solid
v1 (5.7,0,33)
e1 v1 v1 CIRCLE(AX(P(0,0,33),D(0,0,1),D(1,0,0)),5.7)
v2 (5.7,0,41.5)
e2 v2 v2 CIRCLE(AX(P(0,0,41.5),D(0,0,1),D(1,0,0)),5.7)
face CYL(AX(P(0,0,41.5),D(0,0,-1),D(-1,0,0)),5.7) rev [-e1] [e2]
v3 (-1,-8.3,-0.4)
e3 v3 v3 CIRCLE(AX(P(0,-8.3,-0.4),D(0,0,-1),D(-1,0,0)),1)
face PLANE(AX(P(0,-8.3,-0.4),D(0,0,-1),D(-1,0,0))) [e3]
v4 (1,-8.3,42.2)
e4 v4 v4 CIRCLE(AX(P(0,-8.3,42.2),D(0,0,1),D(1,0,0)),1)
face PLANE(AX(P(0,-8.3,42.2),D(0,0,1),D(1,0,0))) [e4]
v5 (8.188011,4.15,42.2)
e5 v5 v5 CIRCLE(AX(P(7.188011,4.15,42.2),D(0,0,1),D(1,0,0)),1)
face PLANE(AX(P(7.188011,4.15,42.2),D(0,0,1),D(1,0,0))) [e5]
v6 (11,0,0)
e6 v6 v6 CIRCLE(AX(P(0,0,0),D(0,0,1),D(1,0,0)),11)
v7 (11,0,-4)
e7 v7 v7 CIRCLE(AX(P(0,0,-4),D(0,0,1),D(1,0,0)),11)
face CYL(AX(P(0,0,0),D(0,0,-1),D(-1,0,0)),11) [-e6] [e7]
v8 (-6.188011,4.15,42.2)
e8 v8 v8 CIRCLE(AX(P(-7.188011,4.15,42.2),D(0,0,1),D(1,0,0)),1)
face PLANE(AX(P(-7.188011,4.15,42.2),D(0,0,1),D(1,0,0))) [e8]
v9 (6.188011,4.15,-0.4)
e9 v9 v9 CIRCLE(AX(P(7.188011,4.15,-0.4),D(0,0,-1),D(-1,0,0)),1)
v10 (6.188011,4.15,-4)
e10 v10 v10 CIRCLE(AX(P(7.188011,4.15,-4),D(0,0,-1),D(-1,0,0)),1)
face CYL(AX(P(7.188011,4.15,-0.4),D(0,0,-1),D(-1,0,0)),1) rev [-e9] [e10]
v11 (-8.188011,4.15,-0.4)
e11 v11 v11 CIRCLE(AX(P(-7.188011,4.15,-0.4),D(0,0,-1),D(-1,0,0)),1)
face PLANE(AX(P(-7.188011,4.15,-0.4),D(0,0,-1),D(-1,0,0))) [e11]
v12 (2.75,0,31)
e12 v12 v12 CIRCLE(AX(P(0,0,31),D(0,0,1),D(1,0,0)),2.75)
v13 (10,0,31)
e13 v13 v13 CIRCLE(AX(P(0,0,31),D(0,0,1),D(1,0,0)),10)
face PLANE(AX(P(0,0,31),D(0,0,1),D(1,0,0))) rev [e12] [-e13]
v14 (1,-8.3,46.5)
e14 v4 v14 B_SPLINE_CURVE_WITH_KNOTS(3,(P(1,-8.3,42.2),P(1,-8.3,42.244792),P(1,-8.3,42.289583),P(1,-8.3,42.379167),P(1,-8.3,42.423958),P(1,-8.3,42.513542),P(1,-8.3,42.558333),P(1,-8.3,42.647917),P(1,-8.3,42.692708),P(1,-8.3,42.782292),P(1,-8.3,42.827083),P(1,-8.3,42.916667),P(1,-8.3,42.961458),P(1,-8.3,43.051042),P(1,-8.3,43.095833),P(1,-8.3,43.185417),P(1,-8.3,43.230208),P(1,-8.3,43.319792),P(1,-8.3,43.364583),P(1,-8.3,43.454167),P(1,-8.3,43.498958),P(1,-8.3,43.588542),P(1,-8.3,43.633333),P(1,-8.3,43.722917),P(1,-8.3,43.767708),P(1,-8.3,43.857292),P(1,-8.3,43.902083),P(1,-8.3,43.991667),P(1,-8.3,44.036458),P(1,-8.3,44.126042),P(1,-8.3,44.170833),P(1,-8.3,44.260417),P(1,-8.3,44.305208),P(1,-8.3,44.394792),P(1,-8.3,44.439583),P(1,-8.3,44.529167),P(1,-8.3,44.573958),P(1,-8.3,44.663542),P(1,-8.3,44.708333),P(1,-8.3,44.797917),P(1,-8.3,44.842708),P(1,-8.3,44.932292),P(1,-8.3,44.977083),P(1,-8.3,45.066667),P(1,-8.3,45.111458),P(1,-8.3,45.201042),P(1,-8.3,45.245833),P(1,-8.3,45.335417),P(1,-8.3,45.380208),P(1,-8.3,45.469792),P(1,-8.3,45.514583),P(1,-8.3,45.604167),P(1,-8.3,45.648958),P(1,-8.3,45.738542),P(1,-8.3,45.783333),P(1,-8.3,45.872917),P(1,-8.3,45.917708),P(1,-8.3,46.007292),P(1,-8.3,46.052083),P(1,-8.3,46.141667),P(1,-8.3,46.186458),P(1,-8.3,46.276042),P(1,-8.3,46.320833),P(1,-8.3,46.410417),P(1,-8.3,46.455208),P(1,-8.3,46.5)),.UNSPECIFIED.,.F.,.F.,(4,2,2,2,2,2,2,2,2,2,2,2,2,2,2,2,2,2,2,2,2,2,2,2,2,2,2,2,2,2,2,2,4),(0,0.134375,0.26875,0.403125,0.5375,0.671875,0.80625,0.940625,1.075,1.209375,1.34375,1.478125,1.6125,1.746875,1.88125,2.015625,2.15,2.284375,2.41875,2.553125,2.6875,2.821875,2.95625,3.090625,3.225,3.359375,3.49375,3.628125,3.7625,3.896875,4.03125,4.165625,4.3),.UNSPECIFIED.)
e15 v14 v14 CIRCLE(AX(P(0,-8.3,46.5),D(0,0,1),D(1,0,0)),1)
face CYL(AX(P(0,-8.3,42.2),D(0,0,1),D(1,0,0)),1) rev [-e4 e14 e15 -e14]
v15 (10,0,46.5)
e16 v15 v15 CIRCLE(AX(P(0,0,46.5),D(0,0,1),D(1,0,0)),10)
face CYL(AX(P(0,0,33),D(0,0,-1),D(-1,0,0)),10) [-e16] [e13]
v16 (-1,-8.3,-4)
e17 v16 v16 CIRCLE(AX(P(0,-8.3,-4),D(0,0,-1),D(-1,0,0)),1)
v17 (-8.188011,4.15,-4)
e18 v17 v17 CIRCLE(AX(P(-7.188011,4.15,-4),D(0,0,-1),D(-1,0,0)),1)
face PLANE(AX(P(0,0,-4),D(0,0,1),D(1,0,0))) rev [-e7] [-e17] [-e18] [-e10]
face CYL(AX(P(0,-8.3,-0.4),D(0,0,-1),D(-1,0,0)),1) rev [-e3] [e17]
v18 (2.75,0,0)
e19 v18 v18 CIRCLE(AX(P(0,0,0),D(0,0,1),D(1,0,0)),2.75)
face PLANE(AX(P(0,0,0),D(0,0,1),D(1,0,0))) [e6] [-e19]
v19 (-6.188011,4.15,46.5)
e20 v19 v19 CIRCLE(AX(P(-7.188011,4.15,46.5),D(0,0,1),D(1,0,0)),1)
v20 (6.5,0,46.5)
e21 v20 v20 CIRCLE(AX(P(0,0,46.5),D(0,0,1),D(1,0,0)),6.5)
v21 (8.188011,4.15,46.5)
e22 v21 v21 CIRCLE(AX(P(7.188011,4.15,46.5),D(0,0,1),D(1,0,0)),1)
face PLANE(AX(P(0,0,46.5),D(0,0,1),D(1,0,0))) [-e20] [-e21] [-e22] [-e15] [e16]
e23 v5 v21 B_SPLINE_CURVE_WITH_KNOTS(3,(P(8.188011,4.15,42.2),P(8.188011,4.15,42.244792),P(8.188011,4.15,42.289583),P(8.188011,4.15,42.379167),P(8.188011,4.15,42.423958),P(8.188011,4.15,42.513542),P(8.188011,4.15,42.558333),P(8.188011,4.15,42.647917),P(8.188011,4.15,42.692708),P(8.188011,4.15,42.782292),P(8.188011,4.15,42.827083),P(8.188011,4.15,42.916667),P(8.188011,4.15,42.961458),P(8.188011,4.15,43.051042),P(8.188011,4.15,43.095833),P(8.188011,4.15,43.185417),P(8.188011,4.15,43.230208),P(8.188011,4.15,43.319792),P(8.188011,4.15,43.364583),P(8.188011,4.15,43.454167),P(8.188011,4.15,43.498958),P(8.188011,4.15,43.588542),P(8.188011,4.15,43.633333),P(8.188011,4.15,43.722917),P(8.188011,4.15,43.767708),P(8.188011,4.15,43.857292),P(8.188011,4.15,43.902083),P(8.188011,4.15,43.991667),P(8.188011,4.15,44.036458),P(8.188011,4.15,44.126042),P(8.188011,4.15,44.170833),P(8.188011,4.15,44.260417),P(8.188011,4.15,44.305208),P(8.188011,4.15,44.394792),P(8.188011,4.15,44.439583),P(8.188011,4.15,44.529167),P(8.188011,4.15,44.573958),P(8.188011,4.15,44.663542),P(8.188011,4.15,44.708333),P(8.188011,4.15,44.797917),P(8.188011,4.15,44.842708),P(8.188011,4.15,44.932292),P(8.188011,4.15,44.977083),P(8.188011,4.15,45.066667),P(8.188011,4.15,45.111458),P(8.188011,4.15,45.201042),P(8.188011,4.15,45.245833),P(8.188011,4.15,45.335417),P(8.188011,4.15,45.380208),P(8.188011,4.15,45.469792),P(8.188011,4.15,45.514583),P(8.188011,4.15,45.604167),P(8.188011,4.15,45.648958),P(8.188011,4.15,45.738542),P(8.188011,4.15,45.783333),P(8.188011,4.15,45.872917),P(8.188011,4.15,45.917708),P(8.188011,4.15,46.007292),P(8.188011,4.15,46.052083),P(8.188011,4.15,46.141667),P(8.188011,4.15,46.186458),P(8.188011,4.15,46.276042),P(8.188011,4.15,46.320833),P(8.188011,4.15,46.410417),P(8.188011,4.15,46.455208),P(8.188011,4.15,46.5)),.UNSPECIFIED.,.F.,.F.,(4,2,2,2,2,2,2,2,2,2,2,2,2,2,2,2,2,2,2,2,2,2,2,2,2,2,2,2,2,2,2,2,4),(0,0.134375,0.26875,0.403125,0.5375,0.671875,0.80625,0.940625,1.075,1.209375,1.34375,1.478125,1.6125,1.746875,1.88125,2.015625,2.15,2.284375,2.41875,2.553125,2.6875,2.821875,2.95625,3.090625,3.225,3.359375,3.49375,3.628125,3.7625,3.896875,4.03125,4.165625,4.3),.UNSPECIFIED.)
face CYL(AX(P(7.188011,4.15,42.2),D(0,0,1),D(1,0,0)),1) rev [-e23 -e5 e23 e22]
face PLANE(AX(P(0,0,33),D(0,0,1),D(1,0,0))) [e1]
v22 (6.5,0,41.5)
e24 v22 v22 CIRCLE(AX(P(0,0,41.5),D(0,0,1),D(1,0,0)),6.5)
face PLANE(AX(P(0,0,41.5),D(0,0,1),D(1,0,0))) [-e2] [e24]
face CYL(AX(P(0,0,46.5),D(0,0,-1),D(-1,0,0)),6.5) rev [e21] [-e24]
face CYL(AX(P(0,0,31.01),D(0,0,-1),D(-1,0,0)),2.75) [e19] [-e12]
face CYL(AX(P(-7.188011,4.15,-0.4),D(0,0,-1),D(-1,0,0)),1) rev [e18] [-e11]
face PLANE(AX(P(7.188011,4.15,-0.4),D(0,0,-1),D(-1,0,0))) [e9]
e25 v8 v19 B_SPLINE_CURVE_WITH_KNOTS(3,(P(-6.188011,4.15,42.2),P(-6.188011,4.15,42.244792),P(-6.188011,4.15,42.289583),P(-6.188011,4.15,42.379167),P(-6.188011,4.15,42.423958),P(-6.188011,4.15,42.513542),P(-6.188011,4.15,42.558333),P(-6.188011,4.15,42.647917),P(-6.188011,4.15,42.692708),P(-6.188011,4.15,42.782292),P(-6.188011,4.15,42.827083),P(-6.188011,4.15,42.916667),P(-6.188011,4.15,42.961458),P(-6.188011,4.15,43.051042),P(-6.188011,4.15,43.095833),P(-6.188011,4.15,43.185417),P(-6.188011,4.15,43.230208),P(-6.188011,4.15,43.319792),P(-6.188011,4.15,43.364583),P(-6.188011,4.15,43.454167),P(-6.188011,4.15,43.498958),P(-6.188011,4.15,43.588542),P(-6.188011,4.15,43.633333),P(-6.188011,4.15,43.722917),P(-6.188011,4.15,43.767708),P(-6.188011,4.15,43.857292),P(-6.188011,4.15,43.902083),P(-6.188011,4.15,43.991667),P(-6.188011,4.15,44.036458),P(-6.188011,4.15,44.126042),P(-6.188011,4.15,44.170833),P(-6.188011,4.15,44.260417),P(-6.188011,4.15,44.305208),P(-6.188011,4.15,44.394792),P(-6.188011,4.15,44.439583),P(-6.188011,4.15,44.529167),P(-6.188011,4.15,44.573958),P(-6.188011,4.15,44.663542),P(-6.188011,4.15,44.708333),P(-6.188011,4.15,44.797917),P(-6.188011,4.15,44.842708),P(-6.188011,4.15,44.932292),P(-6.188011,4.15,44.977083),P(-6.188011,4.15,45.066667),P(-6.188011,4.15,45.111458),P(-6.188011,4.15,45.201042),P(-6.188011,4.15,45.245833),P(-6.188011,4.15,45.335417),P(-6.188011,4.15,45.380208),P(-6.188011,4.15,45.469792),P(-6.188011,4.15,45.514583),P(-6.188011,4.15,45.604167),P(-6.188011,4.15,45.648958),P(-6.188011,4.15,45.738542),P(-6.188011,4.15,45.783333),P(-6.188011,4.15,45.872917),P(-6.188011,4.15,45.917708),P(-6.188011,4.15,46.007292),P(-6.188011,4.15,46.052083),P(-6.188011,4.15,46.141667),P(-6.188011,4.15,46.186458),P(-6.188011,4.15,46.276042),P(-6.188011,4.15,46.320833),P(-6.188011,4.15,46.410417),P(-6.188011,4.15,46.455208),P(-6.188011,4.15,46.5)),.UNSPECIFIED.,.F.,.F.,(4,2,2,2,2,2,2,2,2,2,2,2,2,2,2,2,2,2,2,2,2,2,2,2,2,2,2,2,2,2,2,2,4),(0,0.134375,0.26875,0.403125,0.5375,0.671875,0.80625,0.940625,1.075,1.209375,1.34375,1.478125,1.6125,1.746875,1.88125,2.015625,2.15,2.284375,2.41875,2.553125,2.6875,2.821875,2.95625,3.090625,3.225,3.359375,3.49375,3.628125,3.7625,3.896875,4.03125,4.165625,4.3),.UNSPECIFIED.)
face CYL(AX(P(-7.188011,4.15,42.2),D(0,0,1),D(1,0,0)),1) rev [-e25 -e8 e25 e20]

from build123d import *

# Parameters (mm, degrees)
MOUNTING_FLANGE_START                          = -4
SKETCH1_R                                      = 11
MOUNTING_FLANGE_DEPTH                          = 4
SKETCH2_R                                      = 2.75
D5P5_CENTRAL_POST_DEPTH                        = 31.01
CLOSED_FLOOR_BELOW_SHAFT_NOSE_START            = 31
SKETCH3_R                                      = 10
CLOSED_FLOOR_BELOW_SHAFT_NOSE_DEPTH            = 2
SHAFT_AND_CLIP_CLEARANCE_START                 = 33
SKETCH4_R                                      = 10
SKETCH4_R_2                                    = 5.7
SHAFT_AND_CLIP_CLEARANCE_DEPTH                 = 8.5
LOWER_686ZZ_SEAT_START                         = 41.5
SKETCH5_R                                      = 10
SKETCH5_R_2                                    = 6.5
LOWER_686ZZ_SEAT_DEPTH                         = 5
SKETCH6_R                                      = 1
BASE_THREE_M2_BLIND_THREAD_MAJOR_ENVELOP_DEPTH = 3.6
TOP_CAP_THREE_M2_BLIND_THREAD_MAJOR_ENVE_START = -4.3
SKETCH7_R                                      = 1
TOP_CAP_THREE_M2_BLIND_THREAD_MAJOR_ENVE_DEPTH = 4.3


with BuildPart() as part:
    # Sketch1 → Mounting_Flange (new body)
    with BuildSketch(Plane.XY.offset(MOUNTING_FLANGE_START)):
        Circle(SKETCH1_R)
    extrude(amount=MOUNTING_FLANGE_DEPTH)

    # Sketch2 → D5p5_Central_Post (add)
    with BuildSketch(Plane.XY):
        Circle(SKETCH2_R)
    extrude(amount=D5P5_CENTRAL_POST_DEPTH)

    # Sketch3 → Closed_Floor_Below_Shaft_Nose (add)
    with BuildSketch(Plane.XY.offset(CLOSED_FLOOR_BELOW_SHAFT_NOSE_START)):
        Circle(SKETCH3_R)
    extrude(amount=CLOSED_FLOOR_BELOW_SHAFT_NOSE_DEPTH)

    # Sketch4 → Shaft_And_Clip_Clearance (add)
    with BuildSketch(Plane.XY.offset(SHAFT_AND_CLIP_CLEARANCE_START)):
        Circle(SKETCH4_R)
        Circle(SKETCH4_R_2, mode=Mode.SUBTRACT)
    extrude(amount=SHAFT_AND_CLIP_CLEARANCE_DEPTH)

    # Sketch5 → Lower_686ZZ_Seat (add)
    with BuildSketch(Plane.XY.offset(LOWER_686ZZ_SEAT_START)):
        Circle(SKETCH5_R)
        Circle(SKETCH5_R_2, mode=Mode.SUBTRACT)
    extrude(amount=LOWER_686ZZ_SEAT_DEPTH)

    # Sketch6 → Base_Three_M2_Blind_Thread_Major_Envelopes (cut)
    with BuildSketch(Plane(origin=(0, 0, -4), x_dir=(-1, 0, 0), z_dir=(0, 0, -1))):
        with Locations((-7.188010851, 4.15)):
            Circle(SKETCH6_R)
        with Locations((7.188010851, 4.15)):
            Circle(SKETCH6_R)
        with Locations((0, -8.3)):
            Circle(SKETCH6_R)
    extrude(amount=-BASE_THREE_M2_BLIND_THREAD_MAJOR_ENVELOP_DEPTH, mode=Mode.SUBTRACT)

    # Sketch7 → Top_Cap_Three_M2_Blind_Thread_Major_Envelopes (cut)
    with BuildSketch(Plane.XY.offset(46.5).offset(TOP_CAP_THREE_M2_BLIND_THREAD_MAJOR_ENVE_START)):
        with Locations(Location((7.188010851, 4.15, 0), (0, 0, 180))):
            Circle(SKETCH7_R)
        with Locations(Location((-7.188010851, 4.15, 0), (0, 0, 180))):
            Circle(SKETCH7_R)
        with Locations(Location((0, -8.3, 0), (0, 0, 180))):
            Circle(SKETCH7_R)
    extrude(amount=TOP_CAP_THREE_M2_BLIND_THREAD_MAJOR_ENVE_DEPTH, mode=Mode.SUBTRACT)


solid = part.part
